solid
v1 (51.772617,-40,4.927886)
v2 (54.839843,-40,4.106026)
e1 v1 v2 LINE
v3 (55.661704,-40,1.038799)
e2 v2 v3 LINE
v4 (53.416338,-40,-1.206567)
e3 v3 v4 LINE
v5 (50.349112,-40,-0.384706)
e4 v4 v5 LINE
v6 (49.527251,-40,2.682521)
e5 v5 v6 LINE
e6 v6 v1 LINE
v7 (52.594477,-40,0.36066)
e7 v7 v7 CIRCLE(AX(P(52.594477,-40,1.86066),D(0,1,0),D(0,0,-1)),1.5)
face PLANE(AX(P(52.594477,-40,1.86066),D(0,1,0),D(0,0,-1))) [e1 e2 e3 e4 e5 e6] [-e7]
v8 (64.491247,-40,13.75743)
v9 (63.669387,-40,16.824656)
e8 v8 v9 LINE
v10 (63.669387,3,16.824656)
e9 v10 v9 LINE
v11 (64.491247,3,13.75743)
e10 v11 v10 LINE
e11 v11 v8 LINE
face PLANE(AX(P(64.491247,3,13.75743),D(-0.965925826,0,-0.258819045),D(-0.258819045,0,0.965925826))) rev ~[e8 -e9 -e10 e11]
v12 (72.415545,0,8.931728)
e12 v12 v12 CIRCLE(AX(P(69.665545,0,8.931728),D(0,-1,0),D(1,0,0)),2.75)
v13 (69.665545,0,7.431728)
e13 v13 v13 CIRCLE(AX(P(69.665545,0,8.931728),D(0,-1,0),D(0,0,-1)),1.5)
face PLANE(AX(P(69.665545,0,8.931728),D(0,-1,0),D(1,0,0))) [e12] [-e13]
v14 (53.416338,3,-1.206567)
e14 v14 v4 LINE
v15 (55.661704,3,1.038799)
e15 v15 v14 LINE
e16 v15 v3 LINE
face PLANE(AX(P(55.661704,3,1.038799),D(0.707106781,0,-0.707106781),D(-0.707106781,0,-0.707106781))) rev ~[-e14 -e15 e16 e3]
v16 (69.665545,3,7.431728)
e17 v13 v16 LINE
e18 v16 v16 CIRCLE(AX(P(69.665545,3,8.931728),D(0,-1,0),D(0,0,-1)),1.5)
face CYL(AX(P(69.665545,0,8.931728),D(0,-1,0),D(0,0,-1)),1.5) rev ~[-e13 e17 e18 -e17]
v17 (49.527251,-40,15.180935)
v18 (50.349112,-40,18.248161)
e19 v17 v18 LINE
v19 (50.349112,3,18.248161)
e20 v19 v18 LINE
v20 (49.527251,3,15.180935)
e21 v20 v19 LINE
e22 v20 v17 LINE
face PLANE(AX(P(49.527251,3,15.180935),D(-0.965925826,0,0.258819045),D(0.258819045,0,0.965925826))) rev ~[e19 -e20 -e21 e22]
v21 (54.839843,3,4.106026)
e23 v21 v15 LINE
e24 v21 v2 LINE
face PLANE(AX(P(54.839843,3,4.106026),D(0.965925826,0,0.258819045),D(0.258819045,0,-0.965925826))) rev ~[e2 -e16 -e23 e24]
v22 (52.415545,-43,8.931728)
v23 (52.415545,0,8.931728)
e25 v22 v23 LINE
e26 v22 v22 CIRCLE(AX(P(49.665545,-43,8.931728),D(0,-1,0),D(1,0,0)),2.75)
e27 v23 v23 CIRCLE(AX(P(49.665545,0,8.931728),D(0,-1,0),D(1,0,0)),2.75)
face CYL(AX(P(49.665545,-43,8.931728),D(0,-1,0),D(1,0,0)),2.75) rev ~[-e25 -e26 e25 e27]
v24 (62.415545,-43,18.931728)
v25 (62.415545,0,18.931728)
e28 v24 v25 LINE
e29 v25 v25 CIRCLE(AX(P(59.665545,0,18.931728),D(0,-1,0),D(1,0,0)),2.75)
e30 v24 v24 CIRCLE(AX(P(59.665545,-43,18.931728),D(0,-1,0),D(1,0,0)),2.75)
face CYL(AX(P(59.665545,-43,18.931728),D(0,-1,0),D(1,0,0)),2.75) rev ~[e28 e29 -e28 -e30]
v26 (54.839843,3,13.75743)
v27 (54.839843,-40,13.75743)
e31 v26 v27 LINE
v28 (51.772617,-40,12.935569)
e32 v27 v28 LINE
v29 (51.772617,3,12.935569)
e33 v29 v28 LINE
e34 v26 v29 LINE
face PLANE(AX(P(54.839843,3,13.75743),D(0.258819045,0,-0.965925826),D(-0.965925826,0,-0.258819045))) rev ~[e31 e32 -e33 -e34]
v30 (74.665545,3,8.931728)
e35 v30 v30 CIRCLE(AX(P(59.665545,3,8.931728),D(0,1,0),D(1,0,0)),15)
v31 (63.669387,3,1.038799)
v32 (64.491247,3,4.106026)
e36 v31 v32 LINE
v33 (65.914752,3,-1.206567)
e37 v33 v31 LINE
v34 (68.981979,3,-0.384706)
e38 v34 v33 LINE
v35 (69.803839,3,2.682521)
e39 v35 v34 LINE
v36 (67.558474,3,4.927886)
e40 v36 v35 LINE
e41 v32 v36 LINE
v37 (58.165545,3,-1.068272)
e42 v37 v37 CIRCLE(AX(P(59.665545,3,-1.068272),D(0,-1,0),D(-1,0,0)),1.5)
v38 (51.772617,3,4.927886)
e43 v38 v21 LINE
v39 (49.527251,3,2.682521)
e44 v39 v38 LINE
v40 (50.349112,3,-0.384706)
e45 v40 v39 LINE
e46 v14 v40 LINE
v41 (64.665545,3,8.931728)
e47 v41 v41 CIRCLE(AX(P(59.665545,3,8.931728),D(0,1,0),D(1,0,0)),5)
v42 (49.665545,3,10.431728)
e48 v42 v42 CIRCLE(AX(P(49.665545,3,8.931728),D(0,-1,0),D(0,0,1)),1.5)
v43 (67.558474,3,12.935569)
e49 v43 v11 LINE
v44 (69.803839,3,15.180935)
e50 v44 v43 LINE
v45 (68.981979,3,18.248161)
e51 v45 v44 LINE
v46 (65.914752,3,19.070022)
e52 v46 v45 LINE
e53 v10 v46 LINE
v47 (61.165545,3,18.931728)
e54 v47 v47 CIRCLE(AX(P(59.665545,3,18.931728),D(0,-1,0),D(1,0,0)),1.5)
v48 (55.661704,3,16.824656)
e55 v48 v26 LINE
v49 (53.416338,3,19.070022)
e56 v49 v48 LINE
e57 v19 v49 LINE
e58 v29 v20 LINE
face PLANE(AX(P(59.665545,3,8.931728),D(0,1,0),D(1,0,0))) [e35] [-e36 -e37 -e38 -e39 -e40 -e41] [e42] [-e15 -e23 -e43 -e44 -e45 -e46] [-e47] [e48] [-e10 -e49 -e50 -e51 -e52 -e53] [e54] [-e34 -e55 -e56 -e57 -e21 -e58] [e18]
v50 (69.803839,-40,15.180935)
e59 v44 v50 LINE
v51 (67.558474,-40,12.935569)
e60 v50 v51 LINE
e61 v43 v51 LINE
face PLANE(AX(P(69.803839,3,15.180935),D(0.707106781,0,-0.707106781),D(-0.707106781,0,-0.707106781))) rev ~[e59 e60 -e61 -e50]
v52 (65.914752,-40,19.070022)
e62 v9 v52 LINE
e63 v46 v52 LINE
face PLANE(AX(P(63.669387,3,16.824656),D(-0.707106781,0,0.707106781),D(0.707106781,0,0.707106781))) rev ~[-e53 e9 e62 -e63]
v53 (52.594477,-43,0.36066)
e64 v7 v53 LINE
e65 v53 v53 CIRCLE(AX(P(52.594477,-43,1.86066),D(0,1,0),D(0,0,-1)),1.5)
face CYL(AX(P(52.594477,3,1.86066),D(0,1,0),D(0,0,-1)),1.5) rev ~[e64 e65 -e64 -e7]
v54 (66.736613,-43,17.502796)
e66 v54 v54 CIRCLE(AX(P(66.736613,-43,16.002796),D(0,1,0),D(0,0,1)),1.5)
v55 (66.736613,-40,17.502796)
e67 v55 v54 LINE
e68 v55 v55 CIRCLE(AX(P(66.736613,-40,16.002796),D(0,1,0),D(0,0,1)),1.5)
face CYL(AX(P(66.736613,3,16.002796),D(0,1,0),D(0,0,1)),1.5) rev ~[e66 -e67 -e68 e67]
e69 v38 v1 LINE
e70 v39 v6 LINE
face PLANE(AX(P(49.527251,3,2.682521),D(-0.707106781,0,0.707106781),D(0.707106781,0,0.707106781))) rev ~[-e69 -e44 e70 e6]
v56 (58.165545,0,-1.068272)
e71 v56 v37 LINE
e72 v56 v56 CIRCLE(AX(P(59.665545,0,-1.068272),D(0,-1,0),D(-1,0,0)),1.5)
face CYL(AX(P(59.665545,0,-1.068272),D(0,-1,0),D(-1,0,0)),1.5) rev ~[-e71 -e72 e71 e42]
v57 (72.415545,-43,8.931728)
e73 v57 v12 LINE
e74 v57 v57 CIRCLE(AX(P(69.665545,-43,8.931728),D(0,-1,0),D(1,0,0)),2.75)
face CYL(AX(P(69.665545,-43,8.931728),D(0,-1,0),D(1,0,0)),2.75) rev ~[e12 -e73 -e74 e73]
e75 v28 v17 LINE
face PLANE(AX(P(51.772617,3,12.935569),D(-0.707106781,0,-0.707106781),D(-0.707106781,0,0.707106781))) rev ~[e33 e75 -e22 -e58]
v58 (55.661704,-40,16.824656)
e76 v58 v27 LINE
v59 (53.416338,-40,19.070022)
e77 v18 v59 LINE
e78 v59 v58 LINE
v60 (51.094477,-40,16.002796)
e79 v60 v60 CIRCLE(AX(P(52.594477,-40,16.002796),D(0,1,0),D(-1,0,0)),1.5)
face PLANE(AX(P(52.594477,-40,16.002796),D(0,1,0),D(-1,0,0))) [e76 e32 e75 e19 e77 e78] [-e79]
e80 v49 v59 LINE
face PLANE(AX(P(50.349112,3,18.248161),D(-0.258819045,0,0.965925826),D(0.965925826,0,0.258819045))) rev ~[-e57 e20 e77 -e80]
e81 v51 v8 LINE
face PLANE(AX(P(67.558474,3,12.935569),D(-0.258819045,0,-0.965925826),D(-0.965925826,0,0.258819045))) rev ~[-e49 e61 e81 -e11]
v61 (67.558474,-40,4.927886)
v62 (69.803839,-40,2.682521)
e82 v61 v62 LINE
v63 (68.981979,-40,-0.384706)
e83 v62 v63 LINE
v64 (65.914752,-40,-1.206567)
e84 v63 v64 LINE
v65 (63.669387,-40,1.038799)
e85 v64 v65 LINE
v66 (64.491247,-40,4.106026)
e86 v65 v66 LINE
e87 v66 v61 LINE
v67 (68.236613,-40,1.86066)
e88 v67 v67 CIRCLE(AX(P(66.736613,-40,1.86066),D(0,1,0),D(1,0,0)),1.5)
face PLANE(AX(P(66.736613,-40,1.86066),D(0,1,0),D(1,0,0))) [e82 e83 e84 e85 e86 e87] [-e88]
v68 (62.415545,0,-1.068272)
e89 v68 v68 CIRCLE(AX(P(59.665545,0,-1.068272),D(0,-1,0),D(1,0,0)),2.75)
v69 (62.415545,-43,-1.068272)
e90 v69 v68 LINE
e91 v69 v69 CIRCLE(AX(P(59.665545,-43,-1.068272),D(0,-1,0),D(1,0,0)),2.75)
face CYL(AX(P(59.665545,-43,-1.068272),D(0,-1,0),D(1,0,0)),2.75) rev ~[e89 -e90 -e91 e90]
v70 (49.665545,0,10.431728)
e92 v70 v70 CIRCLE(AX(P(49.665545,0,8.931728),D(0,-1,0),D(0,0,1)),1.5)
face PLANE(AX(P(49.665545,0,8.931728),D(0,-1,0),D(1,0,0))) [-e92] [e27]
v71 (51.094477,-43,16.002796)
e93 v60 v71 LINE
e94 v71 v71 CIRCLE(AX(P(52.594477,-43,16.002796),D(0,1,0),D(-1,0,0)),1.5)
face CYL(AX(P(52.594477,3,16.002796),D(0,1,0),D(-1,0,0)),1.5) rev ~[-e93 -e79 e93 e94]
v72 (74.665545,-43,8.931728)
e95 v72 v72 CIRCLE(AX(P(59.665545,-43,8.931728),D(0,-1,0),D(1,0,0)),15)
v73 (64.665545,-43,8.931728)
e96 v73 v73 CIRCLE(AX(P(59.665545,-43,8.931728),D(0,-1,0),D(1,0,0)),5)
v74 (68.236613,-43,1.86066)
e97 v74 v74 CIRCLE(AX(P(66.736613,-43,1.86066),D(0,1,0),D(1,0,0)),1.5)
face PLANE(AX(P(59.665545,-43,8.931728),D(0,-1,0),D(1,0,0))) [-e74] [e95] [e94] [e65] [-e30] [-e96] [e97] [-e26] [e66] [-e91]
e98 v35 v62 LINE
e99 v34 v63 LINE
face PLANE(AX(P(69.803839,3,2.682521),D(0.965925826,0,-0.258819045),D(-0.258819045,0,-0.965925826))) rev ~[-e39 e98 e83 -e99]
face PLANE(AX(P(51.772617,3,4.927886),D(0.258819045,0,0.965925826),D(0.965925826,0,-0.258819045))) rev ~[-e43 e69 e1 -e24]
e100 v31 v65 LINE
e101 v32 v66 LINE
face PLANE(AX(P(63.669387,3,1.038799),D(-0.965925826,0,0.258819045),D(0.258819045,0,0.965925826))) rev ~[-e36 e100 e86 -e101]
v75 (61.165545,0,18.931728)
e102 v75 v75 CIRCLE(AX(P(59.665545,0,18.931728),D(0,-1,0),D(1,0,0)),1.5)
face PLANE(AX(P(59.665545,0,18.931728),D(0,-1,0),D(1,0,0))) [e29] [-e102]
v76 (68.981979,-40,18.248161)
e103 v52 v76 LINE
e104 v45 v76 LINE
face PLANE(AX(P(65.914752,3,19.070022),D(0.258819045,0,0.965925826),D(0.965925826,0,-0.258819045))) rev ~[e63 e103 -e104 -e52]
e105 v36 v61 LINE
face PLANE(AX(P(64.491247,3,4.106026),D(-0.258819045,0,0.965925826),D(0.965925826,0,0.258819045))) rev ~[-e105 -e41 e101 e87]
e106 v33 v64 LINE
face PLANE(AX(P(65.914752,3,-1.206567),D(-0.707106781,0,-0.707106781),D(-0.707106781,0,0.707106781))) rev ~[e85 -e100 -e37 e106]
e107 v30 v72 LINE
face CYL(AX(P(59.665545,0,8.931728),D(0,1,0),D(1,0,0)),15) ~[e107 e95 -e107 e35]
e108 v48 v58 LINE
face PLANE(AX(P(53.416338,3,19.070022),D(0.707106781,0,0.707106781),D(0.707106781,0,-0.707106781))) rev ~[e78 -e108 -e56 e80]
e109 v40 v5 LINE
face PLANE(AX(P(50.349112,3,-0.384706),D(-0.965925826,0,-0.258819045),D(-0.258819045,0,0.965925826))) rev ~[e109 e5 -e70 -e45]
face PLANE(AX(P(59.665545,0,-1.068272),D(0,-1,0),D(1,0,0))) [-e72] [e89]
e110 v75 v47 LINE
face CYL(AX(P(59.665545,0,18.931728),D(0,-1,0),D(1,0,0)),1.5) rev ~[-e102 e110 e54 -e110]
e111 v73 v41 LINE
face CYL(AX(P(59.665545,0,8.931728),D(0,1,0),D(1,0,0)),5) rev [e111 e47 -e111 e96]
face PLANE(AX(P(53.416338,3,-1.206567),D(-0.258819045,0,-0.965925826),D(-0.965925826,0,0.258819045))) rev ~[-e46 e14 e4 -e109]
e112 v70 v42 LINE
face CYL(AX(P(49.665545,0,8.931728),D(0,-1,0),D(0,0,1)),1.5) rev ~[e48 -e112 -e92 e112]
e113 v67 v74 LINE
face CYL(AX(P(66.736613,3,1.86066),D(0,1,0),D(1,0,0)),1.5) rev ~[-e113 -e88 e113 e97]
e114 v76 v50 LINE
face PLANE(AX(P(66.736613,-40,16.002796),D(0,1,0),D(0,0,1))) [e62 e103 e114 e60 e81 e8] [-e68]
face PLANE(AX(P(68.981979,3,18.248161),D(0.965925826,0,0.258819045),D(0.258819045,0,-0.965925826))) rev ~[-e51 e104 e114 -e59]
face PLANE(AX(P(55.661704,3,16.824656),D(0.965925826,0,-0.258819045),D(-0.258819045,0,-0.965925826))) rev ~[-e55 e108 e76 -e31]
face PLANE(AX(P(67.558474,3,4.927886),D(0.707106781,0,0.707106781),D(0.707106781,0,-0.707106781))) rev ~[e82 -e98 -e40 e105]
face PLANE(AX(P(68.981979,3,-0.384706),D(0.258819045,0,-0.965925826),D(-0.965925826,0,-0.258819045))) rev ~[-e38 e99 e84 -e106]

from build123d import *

# Parameters (mm, degrees)
SKETCH_1_R               = 15
SKETCH_1_R_2             = 5
EXTRUDE_4_DEPTH          = 3
SKETCH_1_R_3             = 3.5
SKETCH_1_R_4             = 2.1
EXTRUDE_4_2_DEPTH        = 3
EXTRUDE_5_DEPTH          = 3
PATTERN_CIRCULAR_2_COUNT = 4
SKETCH_6_R               = 3.5
SKETCH_6_R_2             = 2.1
EXTRUDE_6_DEPTH          = 3
PATTERN_CIRCULAR_3_COUNT = 4
SKETCH_7_R               = 15
SKETCH_7_R_2             = 5
EXTRUDE_7_DEPTH          = 46
CUT_EXTRUDE_1_DEPTH      = 46
PATTERN_CIRCULAR_4_COUNT = 4
SKETCH_11_R              = 1.5
CUT_EXTRUDE_2_DEPTH      = 3
PATTERN_CIRCULAR_5_COUNT = 4
EXTRUDE_8_DEPTH          = 3
EXTRUDE_9_DEPTH          = 3
EXTRUDE_10_DEPTH         = 3
EXTRUDE_11_DEPTH         = 3
EXTRUDE_13_DEPTH         = 3
EXTRUDE_14_DEPTH         = 3
CUT_EXTRUDE_3_DEPTH      = 2.5
SKETCH_19_R              = 1.5
CUT_EXTRUDE_4_DEPTH      = 2.5
SKETCH_20_R              = 1.5
CUT_EXTRUDE_5_DEPTH      = 2.5
SKETCH_21_R              = 15
SKETCH_21_R_2            = 5
EXTRUDE_15_DEPTH         = 3
SKETCH_22_R              = 1.5
CUT_EXTRUDE_6_DEPTH      = 3
PATTERN_CIRCULAR_6_COUNT = 4
EXTRUDE_16_DEPTH         = 3
CUT_EXTRUDE_7_DEPTH      = 3
SKETCH_25_R              = 15
SKETCH_25_R_2            = 5
EXTRUDE_17_DEPTH         = 43
SKETCH_27_R              = 1.5
CUT_EXTRUDE_8_DEPTH      = 46
SKETCH_28_R              = 2.75
CUT_EXTRUDE_9_DEPTH      = 43
SKETCH_29_R              = 1.5
CUT_EXTRUDE_10_DEPTH     = 46
PATTERN_CIRCULAR_7_COUNT = 4
CUT_EXTRUDE_11_DEPTH     = 43
PATTERN_CIRCULAR_8_COUNT = 4
SKETCH_31_R              = 43.855676254
CUT_EXTRUDE_12_DEPTH     = 100


with BuildPart() as part:
    # 草图1 → 凸台-拉伸4 (new body)
    with BuildSketch(Plane(origin=(0, 0, 0), x_dir=(1, 0, 0), z_dir=(0, 1, 0))):
        with Locations((-5.372895461, -8.931727747)):
            Circle(SKETCH_1_R)
        with Locations((-5.372895461, -8.931727747)):
            Circle(SKETCH_1_R_2, mode=Mode.SUBTRACT)
    extrude(amount=EXTRUDE_4_DEPTH)



with BuildPart() as body_2:
    # 草图1 → Extrude 4 2 (new body)
    with BuildSketch(Plane(origin=(0, 0, 0), x_dir=(1, 0, 0), z_dir=(0, 1, 0))):
        with Locations((-22.372895461, 8.068272253)):
            Circle(SKETCH_1_R_3)
        with Locations((-22.372895461, 8.068272253)):
            Circle(SKETCH_1_R_4, mode=Mode.SUBTRACT)
    extrude(amount=EXTRUDE_4_2_DEPTH)


with BuildPart() as part_1:
    add(part.part)

    add(body_2.part)  # 凸台-拉伸5 merges body 2
    # 草图5 → 凸台-拉伸5 (add)
    with BuildSketch(Plane(origin=(0, 0, 0), x_dir=(1, 0, 0), z_dir=(0, 1, 0))):
        Polygon((-22.372895461, 4.568272253), (-10.372895461, -8.931727747), (-10.372895461, -3.931727747), (-5.372895461, -3.931727747), (-18.872895461, 8.068272253), align=None)
    extrude_5 = extrude(amount=EXTRUDE_5_DEPTH)

    # 阵列(圆周)2: 凸台-拉伸5 ×4 about axis
    pattern_circular_2_axis = Axis((-5.372895461, 0, 8.931727747), (0, 1, 0))
    for i in range(1, PATTERN_CIRCULAR_2_COUNT):
        add(extrude_5.rotate(pattern_circular_2_axis, i * 360 / PATTERN_CIRCULAR_2_COUNT))

    # 草图6 → 凸台-拉伸6 (add)
    with BuildSketch(Plane(origin=(0, 3, 0), x_dir=(1, 0, 0), z_dir=(0, 1, 0))):
        with Locations((11.627104539, 8.068272253)):
            Circle(SKETCH_6_R)
        with Locations((11.627104539, 8.068272253)):
            Circle(SKETCH_6_R_2, mode=Mode.SUBTRACT)
    extrude_6 = extrude(amount=-EXTRUDE_6_DEPTH)

    # 阵列(圆周)3: 凸台-拉伸6 ×4 about axis
    pattern_circular_3_axis = Axis((-5.372895461, 0, 8.931727747), (0, 1, 0))
    for i in range(1, PATTERN_CIRCULAR_3_COUNT):
        add(extrude_6.rotate(pattern_circular_3_axis, i * 360 / PATTERN_CIRCULAR_3_COUNT))

    # 草图7 → 凸台-拉伸7 (add)
    with BuildSketch(Plane.XZ):
        with Locations((-5.372895461, 8.931727747)):
            Circle(SKETCH_7_R)
        with Locations((-5.372895461, 8.931727747)):
            Circle(SKETCH_7_R_2, mode=Mode.SUBTRACT)
    extrude(amount=EXTRUDE_7_DEPTH)

    # 草图9 → 切除-拉伸1 (cut)
    with BuildSketch(Plane(origin=(0, 3, 0), x_dir=(1, 0, 0), z_dir=(0, 1, 0))):
        Polygon((0.876311502, -19.070022006), (-1.369054096, -16.824656408), (-0.547193246, -13.757429961), (2.520033201, -12.935569112), (4.765398798, -15.180934709), (3.943537949, -18.248161156), align=None)
    cut_extrude_1 = extrude(amount=-CUT_EXTRUDE_1_DEPTH, mode=Mode.SUBTRACT)

    # 阵列(圆周)4: 切除-拉伸1 ×4 about axis
    pattern_circular_4_axis = Axis((-5.372895461, 0, 8.931727747), (0, 1, 0))
    for i in range(1, PATTERN_CIRCULAR_4_COUNT):
        add(cut_extrude_1.rotate(pattern_circular_4_axis, i * 360 / PATTERN_CIRCULAR_4_COUNT), mode=Mode.SUBTRACT)

    # 草图11 → 切除-拉伸2 (cut)
    with BuildSketch(Plane(origin=(0, -43, 0), x_dir=(1, 0, 0), z_dir=(0, 1, 0))):
        with Locations((1.698172351, -1.860659935)):
            Circle(SKETCH_11_R)
    cut_extrude_2 = extrude(amount=-CUT_EXTRUDE_2_DEPTH, mode=Mode.SUBTRACT)

    # 阵列(圆周)5: 切除-拉伸2 ×4 about axis
    pattern_circular_5_axis = Axis((-5.372895461, 0, 8.931727747), (0, 1, 0))
    for i in range(1, PATTERN_CIRCULAR_5_COUNT):
        add(cut_extrude_2.rotate(pattern_circular_5_axis, i * 360 / PATTERN_CIRCULAR_5_COUNT), mode=Mode.SUBTRACT)

    # 草图12 → 凸台-拉伸8 (add)
    with BuildSketch(Plane(origin=(0, 3, 0), x_dir=(1, 0, 0), z_dir=(0, 1, 0))):
        Polygon((15.127104539, 8.068272253), (15.127104539, -25.931727747), (11.627104539, -22.431727747), (11.627104539, 4.568272253), align=None)
    extrude(amount=-EXTRUDE_8_DEPTH)

    # 草图13 → 凸台-拉伸9 (add)
    with BuildSketch(Plane(origin=(0, 3, 0), x_dir=(1, 0, 0), z_dir=(0, 1, 0))):
        Polygon((11.627104539, 11.568272253), (-22.372895461, 11.568272253), (-18.872895461, 8.068272253), (8.127104539, 8.068272253), align=None)
    extrude(amount=-EXTRUDE_9_DEPTH)

    # 草图14 → 凸台-拉伸10 (add)
    with BuildSketch(Plane(origin=(0, 3, 0), x_dir=(1, 0, 0), z_dir=(0, 1, 0))):
        Polygon((-25.872895461, 8.068272253), (-25.872895461, -25.931727747), (-22.372895461, -22.431727747), (-22.372895461, 4.568272253), align=None)
    extrude(amount=-EXTRUDE_10_DEPTH)

    # 草图15 → 凸台-拉伸11 (add)
    with BuildSketch(Plane(origin=(0, 3, 0), x_dir=(1, 0, 0), z_dir=(0, 1, 0))):
        Polygon((-22.372895461, -29.431727747), (11.627104539, -29.431727747), (8.127104539, -25.931727747), (-18.872895461, -25.931727747), align=None)
    extrude(amount=-EXTRUDE_11_DEPTH)

    # 草图16 → 凸台-拉伸13 (add)
    with BuildSketch(Plane.XZ):
        Polygon((-10.747895461, -4.193272253), (0.002104539, -4.193272253), (5.163560245, -8.068272253), (4.99115505, -11.568272253), (0.002104539, -14.943272253), (-10.747895461, -14.943272253), (-15.736945971, -11.568272253), (-15.909351166, -8.068272253), align=None)
        Polygon((-7.57246898, -9.568272253), (-9.16018222, -6.818272253), (-12.335608701, -6.818272253), (-13.923321941, -9.568272253), (-12.335608701, -12.318272253), (-9.16018222, -12.318272253), align=None, mode=Mode.SUBTRACT)
        Polygon((3.17753102, -9.568272253), (1.58981778, -6.818272253), (-1.585608701, -6.818272253), (-3.173321941, -9.568272253), (-1.585608701, -12.318272253), (1.58981778, -12.318272253), align=None, mode=Mode.SUBTRACT)
    extrude(amount=-EXTRUDE_13_DEPTH)

    # 草图18 → 凸台-拉伸14 (add)
    with BuildSketch(Plane.XZ):
        Polygon((-7.57246898, -9.568272253), (-9.16018222, -6.818272253), (-12.335608701, -6.818272253), (-13.923321941, -9.568272253), (-12.335608701, -12.318272253), (-9.16018222, -12.318272253), align=None)
        Polygon((3.17753102, -9.568272253), (1.58981778, -6.818272253), (-1.585608701, -6.818272253), (-3.173321941, -9.568272253), (-1.585608701, -12.318272253), (1.58981778, -12.318272253), align=None)
    extrude(amount=-EXTRUDE_14_DEPTH)

    # 草图17 → 切除-拉伸3 (cut)
    with BuildSketch(Plane.XZ):
        Polygon((-7.57246898, -9.568272253), (-9.16018222, -6.818272253), (-12.335608701, -6.818272253), (-13.923321941, -9.568272253), (-12.335608701, -12.318272253), (-9.16018222, -12.318272253), align=None)
        Polygon((3.17753102, -9.568272253), (1.58981778, -6.818272253), (-1.585608701, -6.818272253), (-3.173321941, -9.568272253), (-1.585608701, -12.318272253), (1.58981778, -12.318272253), align=None)
    extrude(amount=-CUT_EXTRUDE_3_DEPTH, mode=Mode.SUBTRACT)

    # 草图19 → 切除-拉伸4 (cut)
    with BuildSketch(Plane.XZ.offset(-2.5)):
        with Locations((0.002104539, -9.568272253)):
            Circle(SKETCH_19_R)
    extrude(amount=-CUT_EXTRUDE_4_DEPTH, mode=Mode.SUBTRACT)

    # 草图20 → 切除-拉伸5 (cut)
    with BuildSketch(Plane.XZ.offset(-2.5)):
        with Locations((-10.747895461, -9.568272253)):
            Circle(SKETCH_20_R)
    extrude(amount=-CUT_EXTRUDE_5_DEPTH, mode=Mode.SUBTRACT)

    # 草图8 → 凸台-拉伸16 (add)
    with BuildSketch(Plane.XZ.offset(46)):
        Polygon((3.943537949, 18.248161156), (0.876311502, 19.070022006), (-1.369054096, 16.824656408), (-0.547193246, 13.757429961), (2.520033201, 12.935569112), (4.765398798, 15.180934709), align=None)
    extrude(amount=EXTRUDE_16_DEPTH)

    # 草图24 → 切除-拉伸7 (cut)
    with BuildSketch(Plane.XZ.offset(49)):
        Polygon((4.765398798, 15.180934709), (3.943537949, 18.248161156), (0.876311502, 19.070022006), (-1.369054096, 16.824656408), (-0.547193246, 13.757429961), (2.520033201, 12.935569112), align=None)
    extrude(amount=-CUT_EXTRUDE_7_DEPTH, mode=Mode.SUBTRACT)

    # 草图31 → 切除-拉伸12 (cut)
    with BuildSketch(Plane(origin=(0, 3, 0), x_dir=(1, 0, 0), z_dir=(0, 1, 0))):
        with Locations((-6.865297473, -8.372369535)):
            Circle(SKETCH_31_R)
    extrude(amount=-CUT_EXTRUDE_12_DEPTH, mode=Mode.SUBTRACT)


with BuildPart() as body_2_2:
    # 草图21 → 凸台-拉伸15 (new body)
    with BuildSketch(Plane(origin=(0, 0, 0), x_dir=(1, 0, 0), z_dir=(0, 1, 0))):
        with Locations((59.665545214, -8.931727747)):
            Circle(SKETCH_21_R)
        with Locations((59.665545214, -8.931727747)):
            Circle(SKETCH_21_R_2, mode=Mode.SUBTRACT)
    extrude(amount=EXTRUDE_15_DEPTH)

    # 草图22 → 切除-拉伸6 (cut)
    with BuildSketch(Plane.XZ):
        with Locations((59.665545214, 18.931727747)):
            Circle(SKETCH_22_R)
    cut_extrude_6 = extrude(amount=-CUT_EXTRUDE_6_DEPTH, mode=Mode.SUBTRACT)

    # 阵列(圆周)6: 切除-拉伸6 ×4 about axis
    pattern_circular_6_axis = Axis((59.665545214, 0, 8.931727747), (0, 1, 0))
    for i in range(1, PATTERN_CIRCULAR_6_COUNT):
        add(cut_extrude_6.rotate(pattern_circular_6_axis, i * 360 / PATTERN_CIRCULAR_6_COUNT), mode=Mode.SUBTRACT)

    # 草图25 → 凸台-拉伸17 (add)
    with BuildSketch(Plane.XZ):
        with Locations((59.665545214, 8.931727747)):
            Circle(SKETCH_25_R)
        with Locations((59.665545214, 8.931727747)):
            Circle(SKETCH_25_R_2, mode=Mode.SUBTRACT)
    extrude(amount=EXTRUDE_17_DEPTH)

    # 草图27 → 切除-拉伸8 (cut)
    with BuildSketch(Plane(origin=(0, 3, 0), x_dir=(1, 0, 0), z_dir=(0, 1, 0))):
        with Locations((59.665545214, 1.068272253)):
            Circle(SKETCH_27_R)
        with Locations((69.665545214, -8.931727747)):
            Circle(SKETCH_27_R)
        with Locations((59.665545214, -18.931727747)):
            Circle(SKETCH_27_R)
        with Locations((49.665545214, -8.931727747)):
            Circle(SKETCH_27_R)
    extrude(amount=-CUT_EXTRUDE_8_DEPTH, mode=Mode.SUBTRACT)

    # 草图28 → 切除-拉伸9 (cut)
    with BuildSketch(Plane.XZ.offset(43)):
        with Locations((59.665545214, 18.931727747)):
            Circle(SKETCH_28_R)
        with Locations((49.665545214, 8.931727747)):
            Circle(SKETCH_28_R)
        with Locations((59.665545214, -1.068272253)):
            Circle(SKETCH_28_R)
        with Locations((69.665545214, 8.931727747)):
            Circle(SKETCH_28_R)
    extrude(amount=-CUT_EXTRUDE_9_DEPTH, mode=Mode.SUBTRACT)

    # 草图29 → 切除-拉伸10 (cut)
    with BuildSketch(Plane(origin=(0, 3, 0), x_dir=(1, 0, 0), z_dir=(0, 1, 0))):
        with Locations((66.736613026, -1.860659935)):
            Circle(SKETCH_29_R)
    cut_extrude_10 = extrude(amount=-CUT_EXTRUDE_10_DEPTH, mode=Mode.SUBTRACT)

    # 阵列(圆周)7: 切除-拉伸10 ×4 about axis
    pattern_circular_7_axis = Axis((59.665545214, 0, 8.931727747), (0, 1, 0))
    for i in range(1, PATTERN_CIRCULAR_7_COUNT):
        add(cut_extrude_10.rotate(pattern_circular_7_axis, i * 360 / PATTERN_CIRCULAR_7_COUNT), mode=Mode.SUBTRACT)

    # 草图30 → 切除-拉伸11 (cut)
    with BuildSketch(Plane(origin=(0, 3, 0), x_dir=(1, 0, 0), z_dir=(0, 1, 0))):
        Polygon((64.491247429, -4.106025533), (67.558473876, -4.927886382), (69.803839473, -2.682520785), (68.981978624, 0.384705662), (65.914752177, 1.206566512), (63.669386579, -1.038799086), align=None)
    cut_extrude_11 = extrude(amount=-CUT_EXTRUDE_11_DEPTH, mode=Mode.SUBTRACT)

    # 阵列(圆周)8: 切除-拉伸11 ×4 about axis
    pattern_circular_8_axis = Axis((59.665545214, 0, 8.931727747), (0, 1, 0))
    for i in range(1, PATTERN_CIRCULAR_8_COUNT):
        add(cut_extrude_11.rotate(pattern_circular_8_axis, i * 360 / PATTERN_CIRCULAR_8_COUNT), mode=Mode.SUBTRACT)


solid = body_2_2.part
